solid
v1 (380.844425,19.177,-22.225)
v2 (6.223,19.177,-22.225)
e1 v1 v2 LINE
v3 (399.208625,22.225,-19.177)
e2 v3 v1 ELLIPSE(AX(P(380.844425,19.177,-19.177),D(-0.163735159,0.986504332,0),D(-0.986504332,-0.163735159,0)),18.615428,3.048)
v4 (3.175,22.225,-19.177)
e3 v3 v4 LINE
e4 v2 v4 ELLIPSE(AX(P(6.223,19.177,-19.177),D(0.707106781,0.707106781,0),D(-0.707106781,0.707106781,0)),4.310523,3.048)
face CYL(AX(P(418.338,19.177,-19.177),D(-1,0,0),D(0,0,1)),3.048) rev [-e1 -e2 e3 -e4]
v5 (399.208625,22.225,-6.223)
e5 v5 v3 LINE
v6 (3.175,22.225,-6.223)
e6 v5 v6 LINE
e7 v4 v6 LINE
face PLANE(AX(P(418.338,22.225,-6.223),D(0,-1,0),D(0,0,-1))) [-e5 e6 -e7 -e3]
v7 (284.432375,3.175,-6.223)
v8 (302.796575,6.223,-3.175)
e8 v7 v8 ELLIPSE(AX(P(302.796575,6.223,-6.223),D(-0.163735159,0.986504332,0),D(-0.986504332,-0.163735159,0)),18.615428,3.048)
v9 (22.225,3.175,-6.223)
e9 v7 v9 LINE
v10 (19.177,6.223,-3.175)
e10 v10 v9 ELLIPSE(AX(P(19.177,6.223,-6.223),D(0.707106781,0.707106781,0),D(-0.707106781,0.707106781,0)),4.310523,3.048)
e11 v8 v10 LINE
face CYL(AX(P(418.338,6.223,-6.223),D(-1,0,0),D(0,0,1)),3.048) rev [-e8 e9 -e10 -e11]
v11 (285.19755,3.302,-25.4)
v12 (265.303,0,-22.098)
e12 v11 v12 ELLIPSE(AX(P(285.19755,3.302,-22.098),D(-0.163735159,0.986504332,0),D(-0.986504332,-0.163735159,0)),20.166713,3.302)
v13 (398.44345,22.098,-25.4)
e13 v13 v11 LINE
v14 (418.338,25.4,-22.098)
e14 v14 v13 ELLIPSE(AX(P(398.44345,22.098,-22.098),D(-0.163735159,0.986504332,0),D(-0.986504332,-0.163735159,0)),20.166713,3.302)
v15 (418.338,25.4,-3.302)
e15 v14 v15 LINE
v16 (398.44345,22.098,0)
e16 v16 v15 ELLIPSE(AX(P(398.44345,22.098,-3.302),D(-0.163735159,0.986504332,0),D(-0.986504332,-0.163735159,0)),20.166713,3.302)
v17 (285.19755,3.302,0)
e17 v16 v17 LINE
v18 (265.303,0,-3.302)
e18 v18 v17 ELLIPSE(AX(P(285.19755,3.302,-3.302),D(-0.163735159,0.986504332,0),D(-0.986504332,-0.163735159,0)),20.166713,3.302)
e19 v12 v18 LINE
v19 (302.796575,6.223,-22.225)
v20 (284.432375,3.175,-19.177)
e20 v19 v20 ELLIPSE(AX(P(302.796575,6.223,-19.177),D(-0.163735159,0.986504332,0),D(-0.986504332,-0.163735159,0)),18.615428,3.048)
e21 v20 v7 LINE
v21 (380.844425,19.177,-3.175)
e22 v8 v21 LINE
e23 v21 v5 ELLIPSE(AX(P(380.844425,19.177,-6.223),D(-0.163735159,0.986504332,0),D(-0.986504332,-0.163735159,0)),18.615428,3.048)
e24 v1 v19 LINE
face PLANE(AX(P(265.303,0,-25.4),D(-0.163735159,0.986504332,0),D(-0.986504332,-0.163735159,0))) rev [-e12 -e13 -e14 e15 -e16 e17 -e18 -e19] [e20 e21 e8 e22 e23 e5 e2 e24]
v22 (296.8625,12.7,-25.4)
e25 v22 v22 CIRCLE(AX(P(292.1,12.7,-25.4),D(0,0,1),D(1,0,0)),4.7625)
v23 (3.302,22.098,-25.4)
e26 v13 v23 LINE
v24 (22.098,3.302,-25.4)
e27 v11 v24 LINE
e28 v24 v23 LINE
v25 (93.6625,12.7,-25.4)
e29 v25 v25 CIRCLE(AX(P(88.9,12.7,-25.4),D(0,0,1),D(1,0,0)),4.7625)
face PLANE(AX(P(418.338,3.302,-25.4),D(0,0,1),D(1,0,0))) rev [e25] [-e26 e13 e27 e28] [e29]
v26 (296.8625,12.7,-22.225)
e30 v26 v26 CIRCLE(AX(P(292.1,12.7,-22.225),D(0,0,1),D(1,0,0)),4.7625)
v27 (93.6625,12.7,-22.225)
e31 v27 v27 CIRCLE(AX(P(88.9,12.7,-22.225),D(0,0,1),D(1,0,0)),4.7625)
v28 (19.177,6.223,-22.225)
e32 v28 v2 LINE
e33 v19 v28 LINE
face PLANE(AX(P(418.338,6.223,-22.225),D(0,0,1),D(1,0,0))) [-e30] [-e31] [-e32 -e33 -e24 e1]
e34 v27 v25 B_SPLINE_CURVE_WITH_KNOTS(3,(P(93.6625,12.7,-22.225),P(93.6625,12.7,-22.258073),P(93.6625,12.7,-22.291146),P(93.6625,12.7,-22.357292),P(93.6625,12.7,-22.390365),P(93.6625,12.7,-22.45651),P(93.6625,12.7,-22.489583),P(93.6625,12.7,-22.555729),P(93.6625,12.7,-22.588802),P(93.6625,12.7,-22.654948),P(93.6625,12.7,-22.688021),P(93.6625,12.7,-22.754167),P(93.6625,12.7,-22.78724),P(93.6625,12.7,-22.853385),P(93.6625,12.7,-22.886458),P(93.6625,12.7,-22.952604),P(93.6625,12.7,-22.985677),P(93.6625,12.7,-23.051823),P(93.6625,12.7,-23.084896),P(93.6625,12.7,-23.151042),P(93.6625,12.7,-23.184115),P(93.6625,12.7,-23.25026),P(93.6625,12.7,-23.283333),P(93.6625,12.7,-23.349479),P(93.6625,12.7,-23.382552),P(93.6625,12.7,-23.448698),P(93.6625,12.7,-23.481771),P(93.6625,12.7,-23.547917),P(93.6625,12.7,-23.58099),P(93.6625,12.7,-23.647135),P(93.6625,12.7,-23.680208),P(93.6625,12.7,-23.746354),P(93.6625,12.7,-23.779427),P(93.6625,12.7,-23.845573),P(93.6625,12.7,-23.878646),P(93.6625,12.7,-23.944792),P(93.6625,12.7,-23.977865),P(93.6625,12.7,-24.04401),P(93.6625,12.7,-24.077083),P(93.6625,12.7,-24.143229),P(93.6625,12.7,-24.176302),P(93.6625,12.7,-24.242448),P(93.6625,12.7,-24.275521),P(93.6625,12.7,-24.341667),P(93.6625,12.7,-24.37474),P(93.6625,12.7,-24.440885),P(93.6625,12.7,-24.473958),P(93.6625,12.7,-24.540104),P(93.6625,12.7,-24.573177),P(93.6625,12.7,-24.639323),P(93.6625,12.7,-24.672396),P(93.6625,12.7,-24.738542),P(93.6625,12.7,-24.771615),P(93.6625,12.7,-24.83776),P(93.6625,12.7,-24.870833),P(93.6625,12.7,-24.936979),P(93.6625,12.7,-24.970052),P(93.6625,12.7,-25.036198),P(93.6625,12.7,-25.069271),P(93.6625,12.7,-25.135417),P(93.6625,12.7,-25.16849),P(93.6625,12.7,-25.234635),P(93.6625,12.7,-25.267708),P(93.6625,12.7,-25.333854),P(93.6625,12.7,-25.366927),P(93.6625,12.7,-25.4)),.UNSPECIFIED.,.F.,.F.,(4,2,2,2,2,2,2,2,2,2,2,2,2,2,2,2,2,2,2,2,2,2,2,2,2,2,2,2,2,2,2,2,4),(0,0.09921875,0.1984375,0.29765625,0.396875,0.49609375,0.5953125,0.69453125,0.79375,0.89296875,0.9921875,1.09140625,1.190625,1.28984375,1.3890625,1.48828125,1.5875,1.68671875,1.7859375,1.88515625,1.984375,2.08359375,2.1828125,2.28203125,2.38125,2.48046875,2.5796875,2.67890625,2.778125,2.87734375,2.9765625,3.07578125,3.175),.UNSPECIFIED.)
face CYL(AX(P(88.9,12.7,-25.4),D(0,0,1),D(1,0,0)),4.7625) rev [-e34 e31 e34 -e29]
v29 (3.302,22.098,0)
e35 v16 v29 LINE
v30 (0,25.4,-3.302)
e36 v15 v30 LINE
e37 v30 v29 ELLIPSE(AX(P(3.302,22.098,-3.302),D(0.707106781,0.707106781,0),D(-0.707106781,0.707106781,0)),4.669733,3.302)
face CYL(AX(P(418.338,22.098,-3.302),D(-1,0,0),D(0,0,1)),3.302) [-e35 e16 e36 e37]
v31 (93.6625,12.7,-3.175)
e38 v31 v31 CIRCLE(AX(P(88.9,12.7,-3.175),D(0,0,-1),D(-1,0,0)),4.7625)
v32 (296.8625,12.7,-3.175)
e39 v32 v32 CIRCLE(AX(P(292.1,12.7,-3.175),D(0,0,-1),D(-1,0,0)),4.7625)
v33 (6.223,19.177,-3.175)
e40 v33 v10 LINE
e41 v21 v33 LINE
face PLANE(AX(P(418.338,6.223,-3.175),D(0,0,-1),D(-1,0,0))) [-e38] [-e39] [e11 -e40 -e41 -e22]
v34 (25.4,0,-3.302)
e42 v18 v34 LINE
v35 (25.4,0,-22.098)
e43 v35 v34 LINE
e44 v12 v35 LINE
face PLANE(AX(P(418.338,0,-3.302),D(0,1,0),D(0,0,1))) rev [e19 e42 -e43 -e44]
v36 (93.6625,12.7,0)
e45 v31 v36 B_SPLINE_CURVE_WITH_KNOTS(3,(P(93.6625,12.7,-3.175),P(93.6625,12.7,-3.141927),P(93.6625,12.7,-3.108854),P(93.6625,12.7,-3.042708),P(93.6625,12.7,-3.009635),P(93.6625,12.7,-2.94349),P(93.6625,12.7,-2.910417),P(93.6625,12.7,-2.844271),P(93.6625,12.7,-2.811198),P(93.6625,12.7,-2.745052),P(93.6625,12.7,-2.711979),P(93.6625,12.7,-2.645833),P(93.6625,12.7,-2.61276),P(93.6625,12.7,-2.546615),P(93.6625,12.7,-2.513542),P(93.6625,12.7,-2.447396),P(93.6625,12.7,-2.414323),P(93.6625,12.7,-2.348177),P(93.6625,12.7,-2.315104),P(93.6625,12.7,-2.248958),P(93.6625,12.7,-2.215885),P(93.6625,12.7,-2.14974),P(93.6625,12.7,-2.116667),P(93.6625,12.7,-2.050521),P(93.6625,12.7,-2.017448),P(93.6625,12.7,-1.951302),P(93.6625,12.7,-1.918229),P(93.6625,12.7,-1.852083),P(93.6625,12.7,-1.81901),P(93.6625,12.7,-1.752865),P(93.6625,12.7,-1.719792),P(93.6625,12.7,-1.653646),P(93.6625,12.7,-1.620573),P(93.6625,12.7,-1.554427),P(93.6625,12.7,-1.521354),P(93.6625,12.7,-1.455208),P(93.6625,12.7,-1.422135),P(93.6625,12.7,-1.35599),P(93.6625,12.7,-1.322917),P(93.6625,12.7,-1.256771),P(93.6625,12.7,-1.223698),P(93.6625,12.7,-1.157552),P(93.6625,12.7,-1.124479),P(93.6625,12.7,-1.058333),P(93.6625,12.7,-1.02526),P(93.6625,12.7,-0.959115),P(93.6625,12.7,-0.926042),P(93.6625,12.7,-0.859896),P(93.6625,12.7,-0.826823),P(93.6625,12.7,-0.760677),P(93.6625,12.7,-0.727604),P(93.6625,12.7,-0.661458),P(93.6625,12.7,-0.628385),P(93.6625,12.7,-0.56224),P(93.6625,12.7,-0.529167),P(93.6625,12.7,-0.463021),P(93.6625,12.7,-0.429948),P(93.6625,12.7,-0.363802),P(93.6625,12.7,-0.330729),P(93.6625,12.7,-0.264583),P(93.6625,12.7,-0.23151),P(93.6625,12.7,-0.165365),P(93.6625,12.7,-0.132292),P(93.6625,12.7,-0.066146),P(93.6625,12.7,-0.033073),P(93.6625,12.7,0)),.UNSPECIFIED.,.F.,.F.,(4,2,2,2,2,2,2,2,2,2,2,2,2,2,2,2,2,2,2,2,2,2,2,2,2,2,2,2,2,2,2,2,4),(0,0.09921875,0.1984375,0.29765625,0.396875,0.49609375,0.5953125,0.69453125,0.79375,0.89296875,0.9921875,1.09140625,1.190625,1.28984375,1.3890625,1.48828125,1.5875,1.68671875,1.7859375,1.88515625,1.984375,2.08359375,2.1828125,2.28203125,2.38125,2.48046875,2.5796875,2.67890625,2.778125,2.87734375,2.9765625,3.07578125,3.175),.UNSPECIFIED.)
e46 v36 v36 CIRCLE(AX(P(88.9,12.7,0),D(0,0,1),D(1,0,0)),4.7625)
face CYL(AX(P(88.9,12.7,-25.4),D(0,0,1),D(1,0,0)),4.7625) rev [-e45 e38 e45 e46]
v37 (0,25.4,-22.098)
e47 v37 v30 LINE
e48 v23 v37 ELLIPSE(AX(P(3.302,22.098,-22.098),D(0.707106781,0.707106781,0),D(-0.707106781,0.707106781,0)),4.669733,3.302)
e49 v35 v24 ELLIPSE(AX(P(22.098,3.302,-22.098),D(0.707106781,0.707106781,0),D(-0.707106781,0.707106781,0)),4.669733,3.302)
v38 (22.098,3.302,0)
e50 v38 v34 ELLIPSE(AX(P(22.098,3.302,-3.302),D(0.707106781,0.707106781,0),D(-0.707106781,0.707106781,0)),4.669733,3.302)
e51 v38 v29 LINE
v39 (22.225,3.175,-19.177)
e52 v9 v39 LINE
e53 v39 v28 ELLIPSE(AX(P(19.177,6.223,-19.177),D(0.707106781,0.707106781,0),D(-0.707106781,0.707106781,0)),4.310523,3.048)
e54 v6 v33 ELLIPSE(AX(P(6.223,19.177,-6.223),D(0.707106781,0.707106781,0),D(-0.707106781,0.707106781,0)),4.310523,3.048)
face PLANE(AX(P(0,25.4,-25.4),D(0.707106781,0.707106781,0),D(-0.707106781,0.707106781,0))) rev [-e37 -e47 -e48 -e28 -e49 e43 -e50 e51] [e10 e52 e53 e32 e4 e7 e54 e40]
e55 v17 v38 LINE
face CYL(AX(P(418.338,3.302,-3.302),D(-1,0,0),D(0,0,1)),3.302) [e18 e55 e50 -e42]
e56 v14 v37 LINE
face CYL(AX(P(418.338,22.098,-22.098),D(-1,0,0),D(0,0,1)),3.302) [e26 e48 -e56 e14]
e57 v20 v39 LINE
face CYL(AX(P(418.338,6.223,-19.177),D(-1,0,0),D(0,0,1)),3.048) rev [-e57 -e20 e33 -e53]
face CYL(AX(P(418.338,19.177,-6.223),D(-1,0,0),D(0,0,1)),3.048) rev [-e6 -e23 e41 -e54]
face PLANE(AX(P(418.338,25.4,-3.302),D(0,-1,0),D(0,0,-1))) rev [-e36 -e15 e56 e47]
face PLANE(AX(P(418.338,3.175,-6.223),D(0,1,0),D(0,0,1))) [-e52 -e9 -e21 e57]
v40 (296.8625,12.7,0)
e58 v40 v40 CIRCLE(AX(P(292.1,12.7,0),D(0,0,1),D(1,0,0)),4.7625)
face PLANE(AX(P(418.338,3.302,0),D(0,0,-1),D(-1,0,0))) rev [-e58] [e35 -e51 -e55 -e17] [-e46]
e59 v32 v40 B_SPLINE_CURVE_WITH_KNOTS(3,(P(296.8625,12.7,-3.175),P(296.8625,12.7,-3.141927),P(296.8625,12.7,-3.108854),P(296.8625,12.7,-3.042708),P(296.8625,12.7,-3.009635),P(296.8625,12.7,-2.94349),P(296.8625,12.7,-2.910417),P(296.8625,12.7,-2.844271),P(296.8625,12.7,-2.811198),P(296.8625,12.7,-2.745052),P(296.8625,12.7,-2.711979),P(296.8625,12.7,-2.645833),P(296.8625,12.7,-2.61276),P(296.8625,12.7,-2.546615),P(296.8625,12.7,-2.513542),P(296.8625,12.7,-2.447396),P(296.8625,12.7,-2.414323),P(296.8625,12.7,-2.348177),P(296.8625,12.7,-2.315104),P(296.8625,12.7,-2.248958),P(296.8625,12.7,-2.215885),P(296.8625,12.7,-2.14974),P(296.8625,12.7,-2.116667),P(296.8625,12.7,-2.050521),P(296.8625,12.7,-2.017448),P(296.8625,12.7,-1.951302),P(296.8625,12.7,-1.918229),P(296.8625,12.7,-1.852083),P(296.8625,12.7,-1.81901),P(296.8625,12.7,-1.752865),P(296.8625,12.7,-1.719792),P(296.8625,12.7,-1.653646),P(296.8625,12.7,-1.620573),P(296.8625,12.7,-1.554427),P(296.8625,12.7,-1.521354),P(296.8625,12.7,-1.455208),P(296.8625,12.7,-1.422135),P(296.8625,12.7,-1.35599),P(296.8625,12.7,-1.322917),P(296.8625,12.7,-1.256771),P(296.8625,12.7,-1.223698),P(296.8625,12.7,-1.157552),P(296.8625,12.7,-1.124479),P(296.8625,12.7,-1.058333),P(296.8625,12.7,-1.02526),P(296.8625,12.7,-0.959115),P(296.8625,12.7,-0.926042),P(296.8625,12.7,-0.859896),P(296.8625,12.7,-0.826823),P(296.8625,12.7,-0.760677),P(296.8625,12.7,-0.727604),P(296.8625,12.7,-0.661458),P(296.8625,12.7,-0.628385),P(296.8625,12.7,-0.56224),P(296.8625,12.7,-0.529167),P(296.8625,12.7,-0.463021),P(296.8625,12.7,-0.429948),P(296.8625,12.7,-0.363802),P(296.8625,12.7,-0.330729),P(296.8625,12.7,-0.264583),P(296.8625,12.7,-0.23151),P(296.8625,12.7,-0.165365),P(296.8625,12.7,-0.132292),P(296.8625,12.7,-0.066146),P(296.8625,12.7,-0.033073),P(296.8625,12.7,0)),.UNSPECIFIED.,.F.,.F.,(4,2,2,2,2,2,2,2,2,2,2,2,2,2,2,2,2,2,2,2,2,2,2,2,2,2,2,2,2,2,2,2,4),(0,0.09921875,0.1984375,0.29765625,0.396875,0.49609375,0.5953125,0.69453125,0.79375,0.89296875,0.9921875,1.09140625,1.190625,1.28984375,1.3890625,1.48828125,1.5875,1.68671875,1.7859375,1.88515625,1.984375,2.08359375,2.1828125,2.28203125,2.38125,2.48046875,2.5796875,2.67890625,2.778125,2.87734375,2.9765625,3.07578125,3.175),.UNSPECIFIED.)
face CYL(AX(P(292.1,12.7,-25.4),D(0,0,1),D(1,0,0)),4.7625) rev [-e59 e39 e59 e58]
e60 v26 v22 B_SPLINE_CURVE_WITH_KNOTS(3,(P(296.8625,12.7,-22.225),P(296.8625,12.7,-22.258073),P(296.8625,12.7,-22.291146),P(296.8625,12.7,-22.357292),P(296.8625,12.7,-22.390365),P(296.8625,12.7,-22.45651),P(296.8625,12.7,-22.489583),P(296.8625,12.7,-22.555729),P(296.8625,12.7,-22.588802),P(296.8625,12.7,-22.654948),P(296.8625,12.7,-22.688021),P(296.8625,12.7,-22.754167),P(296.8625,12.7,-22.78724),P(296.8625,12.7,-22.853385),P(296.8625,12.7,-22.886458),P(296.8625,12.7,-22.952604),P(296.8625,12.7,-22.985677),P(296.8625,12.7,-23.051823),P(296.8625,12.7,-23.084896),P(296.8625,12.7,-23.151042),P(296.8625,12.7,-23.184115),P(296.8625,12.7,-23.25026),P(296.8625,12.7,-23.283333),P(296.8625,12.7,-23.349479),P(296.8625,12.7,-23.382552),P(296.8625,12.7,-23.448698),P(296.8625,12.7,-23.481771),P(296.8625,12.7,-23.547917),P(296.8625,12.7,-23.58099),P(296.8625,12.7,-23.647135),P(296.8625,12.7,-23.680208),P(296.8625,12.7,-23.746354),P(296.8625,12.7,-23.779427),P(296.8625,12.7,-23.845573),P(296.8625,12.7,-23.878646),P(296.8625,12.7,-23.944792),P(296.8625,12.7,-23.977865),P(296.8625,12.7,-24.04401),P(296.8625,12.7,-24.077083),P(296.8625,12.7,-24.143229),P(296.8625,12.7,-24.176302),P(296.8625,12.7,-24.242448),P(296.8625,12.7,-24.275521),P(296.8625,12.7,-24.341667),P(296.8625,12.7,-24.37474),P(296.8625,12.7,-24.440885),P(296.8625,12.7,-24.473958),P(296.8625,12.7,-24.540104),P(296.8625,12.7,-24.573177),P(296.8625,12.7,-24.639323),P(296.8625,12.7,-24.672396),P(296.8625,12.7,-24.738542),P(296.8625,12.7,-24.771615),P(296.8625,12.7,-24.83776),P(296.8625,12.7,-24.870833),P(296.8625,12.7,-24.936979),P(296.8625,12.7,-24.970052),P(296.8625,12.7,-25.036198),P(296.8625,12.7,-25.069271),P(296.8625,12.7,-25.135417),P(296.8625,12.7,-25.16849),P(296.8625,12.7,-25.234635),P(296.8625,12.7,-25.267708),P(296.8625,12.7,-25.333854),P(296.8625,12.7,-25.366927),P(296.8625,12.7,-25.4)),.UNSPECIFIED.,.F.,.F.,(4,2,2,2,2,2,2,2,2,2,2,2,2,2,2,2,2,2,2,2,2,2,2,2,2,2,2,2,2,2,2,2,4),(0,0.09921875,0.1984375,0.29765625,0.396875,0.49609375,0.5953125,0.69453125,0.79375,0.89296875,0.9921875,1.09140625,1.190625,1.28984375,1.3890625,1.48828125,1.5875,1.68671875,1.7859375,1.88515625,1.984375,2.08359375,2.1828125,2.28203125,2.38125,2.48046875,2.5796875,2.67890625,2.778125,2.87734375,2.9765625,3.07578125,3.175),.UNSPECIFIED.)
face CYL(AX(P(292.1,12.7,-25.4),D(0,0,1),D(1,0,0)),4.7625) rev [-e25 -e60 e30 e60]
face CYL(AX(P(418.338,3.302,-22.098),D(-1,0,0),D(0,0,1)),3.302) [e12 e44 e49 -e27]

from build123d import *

# Parameters (mm, degrees)
BOSS_EXTRUDE1_DEPTH = 418.338
SKETCH2_R           = 4.7625
CUT_EXTRUDE1_DEPTH  = 420.87736572


with BuildPart() as part:
    # Sketch1 → Boss-Extrude1 (new body)
    with BuildSketch(Plane(origin=(0, 0, 0), x_dir=(0, 0, -1), z_dir=(1, 0, 0))):
        with BuildLine():
            Line((3.302, 0), (22.098, 0))
            ThreePointArc((22.098, 0), (24.432866591, 0.967133409), (25.4, 3.302))
            Line((25.4, 3.302), (25.4, 22.098))
            ThreePointArc((25.4, 22.098), (24.432866591, 24.432866591), (22.098, 25.4))
            Line((22.098, 25.4), (3.302, 25.4))
            ThreePointArc((3.302, 25.4), (0.967133409, 24.432866591), (0, 22.098))
            Line((0, 22.098), (0, 3.302))
            ThreePointArc((0, 3.302), (0.967133409, 0.967133409), (3.302, 0))
        make_face()
        with BuildLine():
            Line((6.223, 3.175), (19.177, 3.175))
            ThreePointArc((19.177, 3.175), (21.332261469, 4.067738531), (22.225, 6.223))
            Line((22.225, 6.223), (22.225, 19.177))
            ThreePointArc((22.225, 19.177), (21.332261469, 21.332261469), (19.177, 22.225))
            Line((19.177, 22.225), (6.223, 22.225))
            ThreePointArc((6.223, 22.225), (4.067738531, 21.332261469), (3.175, 19.177))
            Line((3.175, 19.177), (3.175, 6.223))
            ThreePointArc((3.175, 6.223), (4.067738531, 4.067738531), (6.223, 3.175))
        make_face(mode=Mode.SUBTRACT)
    extrude(amount=BOSS_EXTRUDE1_DEPTH)

    # Sketch2 → Cut-Extrude1 (cut, through all)
    with BuildSketch(Plane.XY):
        with Locations((88.9, 12.7)):
            Circle(SKETCH2_R)
        with Locations((292.1, 12.7)):
            Circle(SKETCH2_R)
        Polygon((0, 0), (0, 25.4), (25.4, 0), align=None)
        Polygon((418.338, 0), (265.303, 0), (418.338, 25.4), align=None)
    extrude(amount=-CUT_EXTRUDE1_DEPTH, mode=Mode.SUBTRACT)


solid = part.part
